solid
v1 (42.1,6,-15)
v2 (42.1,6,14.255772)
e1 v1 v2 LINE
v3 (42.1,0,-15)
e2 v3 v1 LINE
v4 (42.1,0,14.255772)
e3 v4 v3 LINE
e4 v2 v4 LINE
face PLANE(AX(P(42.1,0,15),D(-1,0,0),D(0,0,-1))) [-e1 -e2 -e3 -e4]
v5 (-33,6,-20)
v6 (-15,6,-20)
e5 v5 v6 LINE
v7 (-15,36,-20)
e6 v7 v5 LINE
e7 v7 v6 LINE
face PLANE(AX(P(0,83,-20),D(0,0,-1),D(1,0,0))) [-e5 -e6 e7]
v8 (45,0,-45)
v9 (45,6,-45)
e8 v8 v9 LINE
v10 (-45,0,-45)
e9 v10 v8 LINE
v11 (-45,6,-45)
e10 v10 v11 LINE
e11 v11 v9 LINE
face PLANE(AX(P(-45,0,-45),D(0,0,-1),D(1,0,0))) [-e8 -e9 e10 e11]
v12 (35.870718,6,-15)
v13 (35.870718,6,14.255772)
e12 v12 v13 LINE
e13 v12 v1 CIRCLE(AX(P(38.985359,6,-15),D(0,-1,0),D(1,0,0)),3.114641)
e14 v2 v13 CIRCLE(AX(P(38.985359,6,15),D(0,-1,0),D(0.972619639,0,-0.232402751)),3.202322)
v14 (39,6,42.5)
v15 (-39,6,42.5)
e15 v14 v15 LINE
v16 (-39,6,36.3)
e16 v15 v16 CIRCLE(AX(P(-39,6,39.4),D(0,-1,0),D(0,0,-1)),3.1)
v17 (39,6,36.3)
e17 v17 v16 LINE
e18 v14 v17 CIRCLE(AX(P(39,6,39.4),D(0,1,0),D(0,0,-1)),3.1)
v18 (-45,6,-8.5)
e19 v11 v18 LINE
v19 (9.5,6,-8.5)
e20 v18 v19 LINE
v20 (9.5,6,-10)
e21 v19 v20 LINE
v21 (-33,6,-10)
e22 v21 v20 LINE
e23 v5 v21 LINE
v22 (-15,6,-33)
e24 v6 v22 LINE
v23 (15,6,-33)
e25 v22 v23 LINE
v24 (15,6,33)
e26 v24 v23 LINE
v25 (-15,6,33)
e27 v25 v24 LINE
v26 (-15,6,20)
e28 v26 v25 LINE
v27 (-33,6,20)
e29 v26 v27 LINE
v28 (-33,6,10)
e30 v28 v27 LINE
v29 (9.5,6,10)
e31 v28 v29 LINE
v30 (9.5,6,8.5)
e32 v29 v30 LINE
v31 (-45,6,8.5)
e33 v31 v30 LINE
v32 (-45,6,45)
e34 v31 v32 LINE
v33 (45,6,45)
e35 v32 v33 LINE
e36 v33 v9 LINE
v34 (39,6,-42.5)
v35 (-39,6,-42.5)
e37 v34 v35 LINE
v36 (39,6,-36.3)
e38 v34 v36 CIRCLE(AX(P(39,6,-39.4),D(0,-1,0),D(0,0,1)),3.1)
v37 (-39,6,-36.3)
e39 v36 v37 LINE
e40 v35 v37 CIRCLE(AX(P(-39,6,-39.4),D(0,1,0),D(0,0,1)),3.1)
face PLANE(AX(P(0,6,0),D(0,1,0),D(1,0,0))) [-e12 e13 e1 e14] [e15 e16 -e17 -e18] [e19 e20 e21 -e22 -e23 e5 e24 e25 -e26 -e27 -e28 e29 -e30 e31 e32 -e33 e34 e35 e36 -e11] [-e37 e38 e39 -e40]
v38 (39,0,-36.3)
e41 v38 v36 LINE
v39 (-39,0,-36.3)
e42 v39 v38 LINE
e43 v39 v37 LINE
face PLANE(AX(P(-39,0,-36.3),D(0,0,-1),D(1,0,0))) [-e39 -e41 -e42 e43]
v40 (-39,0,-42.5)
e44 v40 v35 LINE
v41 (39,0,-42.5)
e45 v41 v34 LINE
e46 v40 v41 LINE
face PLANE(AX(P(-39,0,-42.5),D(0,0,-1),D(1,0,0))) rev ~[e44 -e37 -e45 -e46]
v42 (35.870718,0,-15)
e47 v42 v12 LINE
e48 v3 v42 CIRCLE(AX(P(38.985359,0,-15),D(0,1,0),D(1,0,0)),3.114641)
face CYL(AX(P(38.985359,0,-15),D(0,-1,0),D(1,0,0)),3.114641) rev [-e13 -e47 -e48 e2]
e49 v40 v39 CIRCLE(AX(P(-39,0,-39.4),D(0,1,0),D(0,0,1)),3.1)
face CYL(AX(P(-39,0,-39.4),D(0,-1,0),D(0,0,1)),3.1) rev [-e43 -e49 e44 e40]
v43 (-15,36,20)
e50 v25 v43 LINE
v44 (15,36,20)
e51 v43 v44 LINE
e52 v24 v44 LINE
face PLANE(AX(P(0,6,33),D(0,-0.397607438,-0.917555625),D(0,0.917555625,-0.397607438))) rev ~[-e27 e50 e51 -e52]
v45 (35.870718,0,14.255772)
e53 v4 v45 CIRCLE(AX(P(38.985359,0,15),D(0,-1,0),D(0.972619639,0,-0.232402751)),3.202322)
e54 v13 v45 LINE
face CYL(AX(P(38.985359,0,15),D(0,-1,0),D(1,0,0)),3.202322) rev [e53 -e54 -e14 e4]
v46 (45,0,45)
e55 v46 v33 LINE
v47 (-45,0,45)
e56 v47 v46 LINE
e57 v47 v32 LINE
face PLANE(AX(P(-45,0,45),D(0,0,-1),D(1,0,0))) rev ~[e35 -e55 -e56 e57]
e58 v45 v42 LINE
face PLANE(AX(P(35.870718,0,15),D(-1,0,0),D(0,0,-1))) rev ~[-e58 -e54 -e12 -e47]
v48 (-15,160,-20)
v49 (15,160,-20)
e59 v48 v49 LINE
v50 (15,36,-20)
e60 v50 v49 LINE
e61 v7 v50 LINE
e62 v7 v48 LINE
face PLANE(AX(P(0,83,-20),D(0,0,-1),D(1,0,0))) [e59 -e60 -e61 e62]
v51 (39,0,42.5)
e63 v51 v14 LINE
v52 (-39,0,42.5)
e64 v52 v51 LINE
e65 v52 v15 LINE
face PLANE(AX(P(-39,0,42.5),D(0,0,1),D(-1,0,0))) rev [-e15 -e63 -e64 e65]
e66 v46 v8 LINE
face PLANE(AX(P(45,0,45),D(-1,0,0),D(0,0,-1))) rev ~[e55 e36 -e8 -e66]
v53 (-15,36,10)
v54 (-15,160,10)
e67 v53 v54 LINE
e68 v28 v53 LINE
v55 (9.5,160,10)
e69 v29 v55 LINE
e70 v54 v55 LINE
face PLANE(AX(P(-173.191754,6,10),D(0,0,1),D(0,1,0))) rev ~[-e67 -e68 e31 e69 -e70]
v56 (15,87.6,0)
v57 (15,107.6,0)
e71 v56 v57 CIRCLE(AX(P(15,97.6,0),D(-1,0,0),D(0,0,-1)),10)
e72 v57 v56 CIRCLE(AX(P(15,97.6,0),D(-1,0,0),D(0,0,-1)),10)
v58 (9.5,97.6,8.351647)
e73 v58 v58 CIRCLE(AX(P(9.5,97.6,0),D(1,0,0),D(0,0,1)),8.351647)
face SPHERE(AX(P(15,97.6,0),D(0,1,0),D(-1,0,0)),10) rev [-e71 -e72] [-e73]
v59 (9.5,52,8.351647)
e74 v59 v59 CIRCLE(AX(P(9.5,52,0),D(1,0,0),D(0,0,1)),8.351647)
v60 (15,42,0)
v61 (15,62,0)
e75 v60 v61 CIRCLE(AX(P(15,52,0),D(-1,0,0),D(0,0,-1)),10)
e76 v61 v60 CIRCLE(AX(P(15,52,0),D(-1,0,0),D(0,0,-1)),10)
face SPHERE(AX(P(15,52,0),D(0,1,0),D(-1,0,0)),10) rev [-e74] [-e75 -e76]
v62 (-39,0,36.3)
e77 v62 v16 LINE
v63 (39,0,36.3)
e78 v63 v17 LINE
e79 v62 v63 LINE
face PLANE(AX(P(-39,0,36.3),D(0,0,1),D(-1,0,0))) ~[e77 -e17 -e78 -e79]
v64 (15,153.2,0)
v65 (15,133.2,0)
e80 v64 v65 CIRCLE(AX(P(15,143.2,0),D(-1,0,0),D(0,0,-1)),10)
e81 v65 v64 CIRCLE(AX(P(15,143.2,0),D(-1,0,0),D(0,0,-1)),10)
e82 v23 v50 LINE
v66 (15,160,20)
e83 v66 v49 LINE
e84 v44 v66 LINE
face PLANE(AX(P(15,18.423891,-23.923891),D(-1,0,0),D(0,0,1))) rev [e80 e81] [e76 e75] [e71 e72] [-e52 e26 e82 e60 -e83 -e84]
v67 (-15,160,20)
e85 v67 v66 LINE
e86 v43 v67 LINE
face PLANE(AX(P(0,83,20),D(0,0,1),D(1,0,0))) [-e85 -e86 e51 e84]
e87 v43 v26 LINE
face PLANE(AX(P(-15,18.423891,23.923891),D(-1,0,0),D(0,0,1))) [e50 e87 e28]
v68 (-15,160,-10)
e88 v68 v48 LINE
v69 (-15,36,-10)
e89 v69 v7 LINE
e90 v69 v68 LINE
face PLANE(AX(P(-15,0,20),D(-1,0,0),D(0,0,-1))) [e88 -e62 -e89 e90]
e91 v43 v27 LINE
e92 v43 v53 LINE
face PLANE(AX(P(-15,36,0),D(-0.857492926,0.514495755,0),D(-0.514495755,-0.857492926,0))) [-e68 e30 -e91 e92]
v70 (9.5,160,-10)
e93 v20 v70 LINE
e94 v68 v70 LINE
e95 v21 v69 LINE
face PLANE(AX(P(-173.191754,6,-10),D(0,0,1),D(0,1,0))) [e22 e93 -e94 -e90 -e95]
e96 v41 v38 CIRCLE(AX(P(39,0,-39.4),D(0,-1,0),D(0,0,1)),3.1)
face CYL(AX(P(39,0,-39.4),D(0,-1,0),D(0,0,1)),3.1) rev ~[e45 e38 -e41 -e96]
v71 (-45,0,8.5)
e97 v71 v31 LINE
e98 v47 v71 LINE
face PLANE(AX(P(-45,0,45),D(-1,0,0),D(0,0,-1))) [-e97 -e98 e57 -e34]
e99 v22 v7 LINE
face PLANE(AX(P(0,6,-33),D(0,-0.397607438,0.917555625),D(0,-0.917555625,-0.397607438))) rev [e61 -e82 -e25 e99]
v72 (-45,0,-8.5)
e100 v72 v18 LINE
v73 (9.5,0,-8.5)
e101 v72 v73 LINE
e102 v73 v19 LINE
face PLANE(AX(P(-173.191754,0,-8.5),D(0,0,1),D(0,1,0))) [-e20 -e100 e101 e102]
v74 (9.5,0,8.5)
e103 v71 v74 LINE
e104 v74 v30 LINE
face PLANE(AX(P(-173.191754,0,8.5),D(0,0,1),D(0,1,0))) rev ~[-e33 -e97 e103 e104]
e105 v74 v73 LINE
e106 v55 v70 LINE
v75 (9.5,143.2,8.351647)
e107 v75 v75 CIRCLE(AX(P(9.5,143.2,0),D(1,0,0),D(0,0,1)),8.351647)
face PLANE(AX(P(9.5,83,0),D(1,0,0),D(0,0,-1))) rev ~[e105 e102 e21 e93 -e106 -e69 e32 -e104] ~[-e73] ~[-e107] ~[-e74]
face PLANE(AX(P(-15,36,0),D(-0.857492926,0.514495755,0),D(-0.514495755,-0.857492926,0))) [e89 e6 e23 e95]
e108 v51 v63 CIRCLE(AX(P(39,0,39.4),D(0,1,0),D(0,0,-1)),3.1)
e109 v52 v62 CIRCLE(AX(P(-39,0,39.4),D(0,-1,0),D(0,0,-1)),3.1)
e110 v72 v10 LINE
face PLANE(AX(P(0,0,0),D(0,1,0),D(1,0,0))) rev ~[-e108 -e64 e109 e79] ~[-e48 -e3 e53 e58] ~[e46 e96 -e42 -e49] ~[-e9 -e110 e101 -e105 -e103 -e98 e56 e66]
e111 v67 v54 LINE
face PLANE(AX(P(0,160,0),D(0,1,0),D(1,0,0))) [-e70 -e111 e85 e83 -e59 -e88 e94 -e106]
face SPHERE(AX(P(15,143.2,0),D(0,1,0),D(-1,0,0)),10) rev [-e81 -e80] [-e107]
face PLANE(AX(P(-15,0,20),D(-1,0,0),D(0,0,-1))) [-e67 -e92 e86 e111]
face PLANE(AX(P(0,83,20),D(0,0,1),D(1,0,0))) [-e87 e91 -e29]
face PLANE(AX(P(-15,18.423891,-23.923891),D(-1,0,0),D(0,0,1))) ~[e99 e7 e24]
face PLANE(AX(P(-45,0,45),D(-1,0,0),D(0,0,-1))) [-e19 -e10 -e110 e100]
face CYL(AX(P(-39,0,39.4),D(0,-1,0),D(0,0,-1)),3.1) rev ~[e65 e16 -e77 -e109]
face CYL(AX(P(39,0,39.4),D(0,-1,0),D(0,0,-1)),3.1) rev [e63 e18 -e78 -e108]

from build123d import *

# Parameters (mm, degrees)
SKETCH_1_W                  = 90
SKETCH_1_H                  = 90
EXTRUDE_1_DEPTH             = 6
SKETCH_2_W                  = 30
SKETCH_2_H                  = 40
EXTRUDE_2_DEPTH             = 160
EXTRUDE_3_REACH             = 174.192
EXTRUDE_3_DIRECTION_2_REACH = 174.192
SKETCH_8_R                  = 3.1
CUT_EXTRUDE_2_DEPTH         = 6
PATTERN_LINEAR_1_COUNT      = 3
PATTERN_LINEAR_1_PITCH      = 45.6
EXTRUDE_4_DEPTH             = 15
CUT_EXTRUDE_4_DEPTH         = 9.5
CUT_EXTRUDE_4_DEPTH_BACK    = 173.191753577
SKETCH_17_W                 = 20
SKETCH_17_H                 = 154
CUT_EXTRUDE_8_DEPTH         = 9.5
CUT_EXTRUDE_8_DEPTH_BACK    = 173.191753577
SKETCH_21_W                 = 17
SKETCH_21_H                 = 6
SKETCH_23_W                 = 78
SKETCH_23_H                 = 6.2
CUT_EXTRUDE_9_DEPTH         = 173.191753577
MIRROR_14_COPY_1_SKETCH_R   = 3.1
MIRROR_14_COPY_1_DEPTH      = 6
SKETCH_25_W                 = 6.229282002
SKETCH_25_H                 = 30
CUT_EXTRUDE_10_DEPTH        = 173.191753577
SKETCH_26_R                 = 3.114641001
CUT_EXTRUDE_11_DEPTH        = 173.191753577
SKETCH_27_R                 = 3.202321727
CUT_EXTRUDE_12_DEPTH        = 173.191753577


with BuildPart() as part:
    # 草图1 → 凸台-拉伸1 (new body)
    with BuildSketch(Plane(origin=(0, 0, 0), x_dir=(1, 0, 0), z_dir=(0, 1, 0))):
        Rectangle(SKETCH_1_W, SKETCH_1_H)
    extrude(amount=EXTRUDE_1_DEPTH)

    # 草图2 → 凸台-拉伸2 (add)
    with BuildSketch(Plane(origin=(0, 0, 0), x_dir=(1, 0, 0), z_dir=(0, 1, 0))):
        Rectangle(SKETCH_2_W, SKETCH_2_H)
    extrude(amount=EXTRUDE_2_DEPTH)

    # 凸台-拉伸3: up to this face of the body (flat: up to its plane)
    extrude_3_end = Plane(part.part.faces().sort_by_distance((0, 83, 20))[0])
    # 草图7 → 凸台-拉伸3 (add, up to the picked face)
    with BuildSketch(Plane.XY, mode=Mode.PRIVATE) as extrude_3_sk1:
        Polygon((-15, 36), (-33, 6), (-15, 6), align=None)
    extrude_3_tool1 = split(extrude(extrude_3_sk1.sketch, amount=EXTRUDE_3_REACH, mode=Mode.PRIVATE), bisect_by=extrude_3_end, keep=Keep.BOTH, mode=Mode.PRIVATE)
    add(extrude_3_tool1.solids().sort_by(Axis((-21, 16, 0), (0, 0, 1)))[0])

    # 凸台-拉伸3 direction 2: up to this face of the body (flat: up to its plane)
    extrude_3_direction_2_end = Plane(part.part.faces().sort_by_distance((0, 83, -20))[0])
    # 草图7 → 凸台-拉伸3 direction 2 (add, up to the picked face)
    with BuildSketch(Plane.XY, mode=Mode.PRIVATE) as extrude_3_direction_2_sk1:
        Polygon((-15, 36), (-33, 6), (-15, 6), align=None)
    extrude_3_direction_2_tool1 = split(extrude(extrude_3_direction_2_sk1.sketch, amount=-EXTRUDE_3_DIRECTION_2_REACH, mode=Mode.PRIVATE), bisect_by=extrude_3_direction_2_end, keep=Keep.BOTH, mode=Mode.PRIVATE)
    add(extrude_3_direction_2_tool1.solids().sort_by(Axis((-21, 16, 0), (0, 0, -1)))[0])

    # 草图8 → 切除-拉伸2 (cut)
    with BuildSketch(Plane(origin=(0, 0, 0), x_dir=(1, 0, 0), z_dir=(0, 1, 0))):
        with Locations(Location((-39, 39.4, 0), (0, 0, 270))):
            Circle(SKETCH_8_R)
    cut_extrude_2 = extrude(amount=CUT_EXTRUDE_2_DEPTH, mode=Mode.SUBTRACT)

    # 草图12 → 切除-旋转2 (revolve, cut)
    with BuildSketch(Plane.XY):
        with BuildLine():
            Line((15, 62), (15, 42))
            ThreePointArc((15, 42), (5, 52), (15, 62))
        make_face()
    cut_revolve_2 = revolve(axis=Axis((15, 62, 0), (0, -1, 0)), mode=Mode.SUBTRACT)

    # 阵列(线性)1: 切除-旋转2 ×3
    with Locations(*[(0, i * PATTERN_LINEAR_1_PITCH, 0) for i in range(1, PATTERN_LINEAR_1_COUNT)]):
        add(cut_revolve_2, mode=Mode.SUBTRACT)

    # 草图15 → 凸台-拉伸4 (add, symmetric)
    with BuildSketch(Plane(origin=(0, 0, 0), x_dir=(0, 0, -1), z_dir=(1, 0, 0))):
        Polygon((-20, 36), (-20, 6), (-33, 6), align=None)
    extrude_4 = extrude(amount=EXTRUDE_4_DEPTH, both=True)

    # 镜向11: 凸台-拉伸4 across plane
    add(extrude_4.mirror(Plane.XY))

    # 草图17 → 切除-拉伸4 (cut, two sides: drawn at the far end of the back side and taken through both)
    with BuildSketch(Plane(origin=(0, 0, 0), x_dir=(0, 0, -1), z_dir=(1, 0, 0)).offset(-CUT_EXTRUDE_4_DEPTH_BACK)):
        with Locations((0, 83)):
            Rectangle(SKETCH_17_W, SKETCH_17_H)
    extrude(amount=CUT_EXTRUDE_4_DEPTH + CUT_EXTRUDE_4_DEPTH_BACK, mode=Mode.SUBTRACT)

    # 草图21 → 切除-拉伸8 (cut, two sides: drawn at the far end of the back side and taken through both)
    with BuildSketch(Plane(origin=(0, 0, 0), x_dir=(0, 0, -1), z_dir=(1, 0, 0)).offset(-CUT_EXTRUDE_8_DEPTH_BACK)):
        with Locations((0, 3)):
            Rectangle(SKETCH_21_W, SKETCH_21_H)
    extrude(amount=CUT_EXTRUDE_8_DEPTH + CUT_EXTRUDE_8_DEPTH_BACK, mode=Mode.SUBTRACT)

    # 镜向12: 切除-拉伸2 across plane
    add(cut_extrude_2.mirror(Plane(origin=(0, 0, 0), x_dir=(0, 0, 1), z_dir=(1, 0, 0))), mode=Mode.SUBTRACT)

    # 草图23 → 切除-拉伸9 (cut, through all)
    with BuildSketch(Plane(origin=(0, 0, 0), x_dir=(1, 0, 0), z_dir=(0, 1, 0))):
        with Locations((0, 39.4)):
            Rectangle(SKETCH_23_W, SKETCH_23_H)
    cut_extrude_9 = extrude(amount=CUT_EXTRUDE_9_DEPTH, mode=Mode.SUBTRACT)

    # 镜向13: 切除-拉伸9 across plane
    add(cut_extrude_9.mirror(Plane.XY), mode=Mode.SUBTRACT)

    # 镜向14: 切除-拉伸2 across plane
    add(cut_extrude_2.mirror(Plane.XY), mode=Mode.SUBTRACT)

    # 镜向14 copy 1 sketch → 镜向14 copy 1 (cut)
    with BuildSketch(Plane(origin=(0, 0, 0), x_dir=(-1, 0, 0), z_dir=(0, 1, 0))):
        with Locations(Location((-39, 39.4, 0), (0, 0, 270))):
            Circle(MIRROR_14_COPY_1_SKETCH_R)
    extrude(amount=MIRROR_14_COPY_1_DEPTH, mode=Mode.SUBTRACT)

    # 草图25 → 切除-拉伸10 (cut, through all)
    with BuildSketch(Plane(origin=(0, 0, 0), x_dir=(1, 0, 0), z_dir=(0, 1, 0))):
        with Locations((38.985358999, 0)):
            Rectangle(SKETCH_25_W, SKETCH_25_H)
    extrude(amount=CUT_EXTRUDE_10_DEPTH, mode=Mode.SUBTRACT)

    # 草图26 → 切除-拉伸11 (cut, through all)
    with BuildSketch(Plane(origin=(0, 0, 0), x_dir=(1, 0, 0), z_dir=(0, 1, 0))):
        with Locations((38.985358999, 15)):
            Circle(SKETCH_26_R)
    extrude(amount=CUT_EXTRUDE_11_DEPTH, mode=Mode.SUBTRACT)

    # 草图27 → 切除-拉伸12 (cut, through all)
    with BuildSketch(Plane(origin=(0, 0, 0), x_dir=(1, 0, 0), z_dir=(0, 1, 0))):
        with Locations((38.985358999, -15)):
            Circle(SKETCH_27_R)
    extrude(amount=CUT_EXTRUDE_12_DEPTH, mode=Mode.SUBTRACT)


solid = part.part
